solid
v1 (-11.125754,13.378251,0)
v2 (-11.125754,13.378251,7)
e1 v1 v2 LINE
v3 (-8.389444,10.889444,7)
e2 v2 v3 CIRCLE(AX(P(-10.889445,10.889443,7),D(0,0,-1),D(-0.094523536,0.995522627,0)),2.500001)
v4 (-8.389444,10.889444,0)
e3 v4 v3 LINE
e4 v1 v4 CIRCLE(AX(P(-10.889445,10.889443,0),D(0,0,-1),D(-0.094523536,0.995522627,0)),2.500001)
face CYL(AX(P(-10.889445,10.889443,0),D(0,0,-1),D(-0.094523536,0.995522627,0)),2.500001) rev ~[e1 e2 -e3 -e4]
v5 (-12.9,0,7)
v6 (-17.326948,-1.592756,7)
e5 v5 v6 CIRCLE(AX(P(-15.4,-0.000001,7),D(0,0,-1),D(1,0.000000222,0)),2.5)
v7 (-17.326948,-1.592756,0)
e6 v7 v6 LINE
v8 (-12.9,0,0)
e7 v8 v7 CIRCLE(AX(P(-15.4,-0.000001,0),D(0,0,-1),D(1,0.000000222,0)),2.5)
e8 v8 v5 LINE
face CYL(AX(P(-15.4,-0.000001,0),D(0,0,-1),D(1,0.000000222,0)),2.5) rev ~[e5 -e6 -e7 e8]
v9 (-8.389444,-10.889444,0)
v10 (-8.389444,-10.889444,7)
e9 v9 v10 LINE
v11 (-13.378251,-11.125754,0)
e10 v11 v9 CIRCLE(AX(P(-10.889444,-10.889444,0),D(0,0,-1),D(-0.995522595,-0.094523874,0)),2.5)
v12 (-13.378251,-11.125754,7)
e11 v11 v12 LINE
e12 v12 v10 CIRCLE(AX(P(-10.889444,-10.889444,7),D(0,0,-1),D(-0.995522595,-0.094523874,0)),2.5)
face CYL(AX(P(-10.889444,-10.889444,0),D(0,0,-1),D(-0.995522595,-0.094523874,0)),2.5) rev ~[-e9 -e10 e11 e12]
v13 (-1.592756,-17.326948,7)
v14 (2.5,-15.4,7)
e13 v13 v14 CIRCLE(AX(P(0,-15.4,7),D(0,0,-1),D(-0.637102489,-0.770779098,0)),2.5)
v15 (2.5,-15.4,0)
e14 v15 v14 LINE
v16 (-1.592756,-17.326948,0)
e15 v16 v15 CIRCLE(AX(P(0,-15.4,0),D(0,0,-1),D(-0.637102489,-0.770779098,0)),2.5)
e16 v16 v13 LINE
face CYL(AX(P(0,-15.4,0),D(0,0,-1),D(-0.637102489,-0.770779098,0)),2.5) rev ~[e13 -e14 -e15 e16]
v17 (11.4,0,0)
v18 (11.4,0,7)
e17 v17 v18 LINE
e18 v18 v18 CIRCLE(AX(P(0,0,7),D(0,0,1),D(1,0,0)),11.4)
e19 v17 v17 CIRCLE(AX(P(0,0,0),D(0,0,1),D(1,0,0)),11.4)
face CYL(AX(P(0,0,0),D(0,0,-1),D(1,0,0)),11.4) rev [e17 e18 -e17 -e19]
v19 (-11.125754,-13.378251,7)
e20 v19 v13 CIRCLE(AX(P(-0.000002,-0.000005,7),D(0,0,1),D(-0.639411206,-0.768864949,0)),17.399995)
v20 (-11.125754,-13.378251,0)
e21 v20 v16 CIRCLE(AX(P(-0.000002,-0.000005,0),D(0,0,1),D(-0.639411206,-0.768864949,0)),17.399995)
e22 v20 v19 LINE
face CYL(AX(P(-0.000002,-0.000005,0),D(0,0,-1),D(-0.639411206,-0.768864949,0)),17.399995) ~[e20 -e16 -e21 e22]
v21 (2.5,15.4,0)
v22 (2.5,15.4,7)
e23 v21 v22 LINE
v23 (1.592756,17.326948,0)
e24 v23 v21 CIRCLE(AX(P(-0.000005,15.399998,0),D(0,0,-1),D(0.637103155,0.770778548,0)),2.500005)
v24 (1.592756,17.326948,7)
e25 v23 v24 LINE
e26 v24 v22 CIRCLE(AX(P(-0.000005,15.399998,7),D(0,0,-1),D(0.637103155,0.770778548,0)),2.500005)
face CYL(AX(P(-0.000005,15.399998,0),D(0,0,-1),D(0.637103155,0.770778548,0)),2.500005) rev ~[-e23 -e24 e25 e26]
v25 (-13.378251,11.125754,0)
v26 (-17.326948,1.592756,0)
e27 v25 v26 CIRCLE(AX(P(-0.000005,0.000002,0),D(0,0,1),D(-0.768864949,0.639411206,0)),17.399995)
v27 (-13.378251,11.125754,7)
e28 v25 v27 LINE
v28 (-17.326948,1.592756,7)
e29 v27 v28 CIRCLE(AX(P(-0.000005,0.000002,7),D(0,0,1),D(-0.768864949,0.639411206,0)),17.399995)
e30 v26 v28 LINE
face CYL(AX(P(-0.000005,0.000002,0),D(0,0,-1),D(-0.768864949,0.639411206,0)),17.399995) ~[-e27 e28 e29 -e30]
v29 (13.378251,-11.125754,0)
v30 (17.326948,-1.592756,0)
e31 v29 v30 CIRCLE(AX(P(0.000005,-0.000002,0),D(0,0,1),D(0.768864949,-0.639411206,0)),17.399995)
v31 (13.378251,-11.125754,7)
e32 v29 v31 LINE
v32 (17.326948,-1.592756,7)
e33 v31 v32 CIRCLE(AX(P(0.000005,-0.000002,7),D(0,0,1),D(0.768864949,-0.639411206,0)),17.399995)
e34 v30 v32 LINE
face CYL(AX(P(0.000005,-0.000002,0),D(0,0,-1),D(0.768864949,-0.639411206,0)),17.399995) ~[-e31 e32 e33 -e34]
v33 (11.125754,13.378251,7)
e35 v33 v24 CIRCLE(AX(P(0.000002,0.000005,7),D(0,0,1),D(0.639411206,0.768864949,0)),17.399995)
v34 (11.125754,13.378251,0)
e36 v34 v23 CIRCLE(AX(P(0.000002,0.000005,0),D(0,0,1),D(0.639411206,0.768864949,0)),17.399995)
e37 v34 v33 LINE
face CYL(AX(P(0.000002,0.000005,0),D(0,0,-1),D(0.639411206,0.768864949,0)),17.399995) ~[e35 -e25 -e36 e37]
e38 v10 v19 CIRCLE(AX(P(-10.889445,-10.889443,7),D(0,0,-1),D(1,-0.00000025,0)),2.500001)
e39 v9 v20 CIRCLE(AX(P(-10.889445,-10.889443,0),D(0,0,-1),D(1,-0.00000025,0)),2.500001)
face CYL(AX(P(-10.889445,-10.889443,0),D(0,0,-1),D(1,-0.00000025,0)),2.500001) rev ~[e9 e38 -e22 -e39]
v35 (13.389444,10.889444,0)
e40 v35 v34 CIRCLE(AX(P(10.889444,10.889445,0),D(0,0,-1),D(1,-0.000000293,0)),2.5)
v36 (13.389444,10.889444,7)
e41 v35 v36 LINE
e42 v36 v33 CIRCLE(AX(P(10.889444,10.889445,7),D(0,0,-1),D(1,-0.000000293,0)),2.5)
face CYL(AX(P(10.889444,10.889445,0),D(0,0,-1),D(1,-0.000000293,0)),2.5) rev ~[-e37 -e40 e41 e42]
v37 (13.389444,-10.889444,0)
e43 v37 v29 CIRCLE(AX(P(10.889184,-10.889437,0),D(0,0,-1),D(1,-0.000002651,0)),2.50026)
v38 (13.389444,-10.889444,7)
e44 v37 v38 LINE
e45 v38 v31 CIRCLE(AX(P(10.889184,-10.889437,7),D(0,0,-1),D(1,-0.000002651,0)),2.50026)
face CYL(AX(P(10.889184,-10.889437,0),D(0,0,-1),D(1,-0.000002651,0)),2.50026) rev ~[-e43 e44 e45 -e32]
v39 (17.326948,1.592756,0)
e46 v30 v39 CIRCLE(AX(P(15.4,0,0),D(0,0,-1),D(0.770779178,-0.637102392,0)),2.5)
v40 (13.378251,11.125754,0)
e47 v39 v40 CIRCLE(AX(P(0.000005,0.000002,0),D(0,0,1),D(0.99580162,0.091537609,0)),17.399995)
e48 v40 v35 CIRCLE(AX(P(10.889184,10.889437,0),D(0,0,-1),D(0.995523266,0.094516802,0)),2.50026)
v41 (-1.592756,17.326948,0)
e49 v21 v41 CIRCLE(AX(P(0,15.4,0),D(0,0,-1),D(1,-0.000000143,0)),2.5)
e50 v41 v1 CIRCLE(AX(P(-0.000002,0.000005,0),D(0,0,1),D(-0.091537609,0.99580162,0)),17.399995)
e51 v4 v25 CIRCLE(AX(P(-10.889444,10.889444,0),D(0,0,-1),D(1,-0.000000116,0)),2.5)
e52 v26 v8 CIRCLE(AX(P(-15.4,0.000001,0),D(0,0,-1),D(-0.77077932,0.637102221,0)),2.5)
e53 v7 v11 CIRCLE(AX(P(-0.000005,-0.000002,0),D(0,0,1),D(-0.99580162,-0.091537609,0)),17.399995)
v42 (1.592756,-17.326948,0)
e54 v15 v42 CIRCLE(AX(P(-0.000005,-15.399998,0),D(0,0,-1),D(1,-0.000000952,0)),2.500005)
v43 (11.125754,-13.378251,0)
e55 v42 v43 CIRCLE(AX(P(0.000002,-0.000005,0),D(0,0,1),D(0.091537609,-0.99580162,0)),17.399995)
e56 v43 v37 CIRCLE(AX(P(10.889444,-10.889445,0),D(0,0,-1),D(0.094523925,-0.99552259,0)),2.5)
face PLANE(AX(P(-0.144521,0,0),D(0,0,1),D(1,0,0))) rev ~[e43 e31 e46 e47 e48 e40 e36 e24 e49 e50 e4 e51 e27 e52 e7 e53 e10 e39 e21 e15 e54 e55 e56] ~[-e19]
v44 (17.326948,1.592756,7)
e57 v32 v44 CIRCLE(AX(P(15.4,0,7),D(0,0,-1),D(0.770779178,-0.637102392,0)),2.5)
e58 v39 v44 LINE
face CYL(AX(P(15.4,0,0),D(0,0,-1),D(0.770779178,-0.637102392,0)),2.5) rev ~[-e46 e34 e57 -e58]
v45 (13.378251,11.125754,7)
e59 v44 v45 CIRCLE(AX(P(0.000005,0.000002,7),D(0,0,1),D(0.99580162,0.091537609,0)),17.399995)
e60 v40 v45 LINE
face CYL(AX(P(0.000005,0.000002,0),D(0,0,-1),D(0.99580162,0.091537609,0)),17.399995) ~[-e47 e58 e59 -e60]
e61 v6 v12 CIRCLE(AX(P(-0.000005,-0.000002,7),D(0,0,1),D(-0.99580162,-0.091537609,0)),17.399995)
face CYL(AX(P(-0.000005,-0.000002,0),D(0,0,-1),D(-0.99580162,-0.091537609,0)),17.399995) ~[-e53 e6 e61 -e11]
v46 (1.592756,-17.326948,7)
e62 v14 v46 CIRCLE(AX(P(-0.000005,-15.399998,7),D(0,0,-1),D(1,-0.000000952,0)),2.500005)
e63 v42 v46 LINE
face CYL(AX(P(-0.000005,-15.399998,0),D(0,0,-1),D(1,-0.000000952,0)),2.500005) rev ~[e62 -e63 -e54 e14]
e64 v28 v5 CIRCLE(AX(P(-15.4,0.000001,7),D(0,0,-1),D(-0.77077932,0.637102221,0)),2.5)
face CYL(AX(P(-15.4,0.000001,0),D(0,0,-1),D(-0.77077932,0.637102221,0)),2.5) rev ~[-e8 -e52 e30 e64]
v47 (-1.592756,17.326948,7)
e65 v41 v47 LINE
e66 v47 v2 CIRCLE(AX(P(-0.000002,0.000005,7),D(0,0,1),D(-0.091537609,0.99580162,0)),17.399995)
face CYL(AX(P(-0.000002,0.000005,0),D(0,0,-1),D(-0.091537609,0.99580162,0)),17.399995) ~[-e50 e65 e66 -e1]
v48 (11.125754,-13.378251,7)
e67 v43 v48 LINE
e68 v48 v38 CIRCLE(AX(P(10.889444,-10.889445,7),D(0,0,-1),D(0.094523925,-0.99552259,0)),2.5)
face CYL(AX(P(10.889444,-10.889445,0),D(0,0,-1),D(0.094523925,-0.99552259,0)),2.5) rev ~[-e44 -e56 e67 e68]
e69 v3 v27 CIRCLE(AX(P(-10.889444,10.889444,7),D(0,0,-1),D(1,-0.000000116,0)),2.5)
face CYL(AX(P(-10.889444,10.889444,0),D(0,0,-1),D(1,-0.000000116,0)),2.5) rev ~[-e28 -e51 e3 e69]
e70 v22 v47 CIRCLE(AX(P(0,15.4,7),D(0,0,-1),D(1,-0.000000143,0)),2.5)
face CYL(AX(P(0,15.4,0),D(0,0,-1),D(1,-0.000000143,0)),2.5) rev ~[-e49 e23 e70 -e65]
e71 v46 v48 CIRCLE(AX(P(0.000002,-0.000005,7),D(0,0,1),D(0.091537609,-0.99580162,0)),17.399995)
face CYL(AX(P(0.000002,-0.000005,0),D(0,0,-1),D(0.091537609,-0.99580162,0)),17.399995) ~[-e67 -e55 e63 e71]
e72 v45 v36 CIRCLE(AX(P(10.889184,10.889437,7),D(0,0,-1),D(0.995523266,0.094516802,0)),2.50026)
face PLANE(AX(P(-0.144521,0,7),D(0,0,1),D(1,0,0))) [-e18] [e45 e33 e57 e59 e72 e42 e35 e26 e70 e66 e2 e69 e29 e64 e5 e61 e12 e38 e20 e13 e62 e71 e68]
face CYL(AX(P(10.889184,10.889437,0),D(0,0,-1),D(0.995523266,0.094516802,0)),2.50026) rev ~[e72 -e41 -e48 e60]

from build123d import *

# Parameters (mm, degrees)
F0_R     = 11.4
F1_DEPTH = 7


with BuildPart() as f1:
    # F0 (on Top) → F1 (new body)
    with BuildSketch(Plane.XY):
        with BuildLine():
            ThreePointArc((17.326948, -1.592756), (12.9, 0), (17.326948, 1.592756))
            ThreePointArc((17.326948, 1.592756), (16.075504, 6.658692), (13.378251, 11.125754))
            ThreePointArc((13.378251, 11.125754), (13.386644, 11.007732), (13.389444, 10.889444))
            ThreePointArc((13.389444, 10.889444), (9.040016, 9.207299), (11.125754, 13.378251))
            ThreePointArc((11.125754, 13.378251), (6.658692, 16.075504), (1.592756, 17.326948))
            ThreePointArc((1.592756, 17.326948), (2.261845, 16.46492), (2.5, 15.4))
            ThreePointArc((2.5, 15.4), (-1.06492, 13.138155), (-1.592756, 17.326948))
            ThreePointArc((-1.592756, 17.326948), (-6.658692, 16.075504), (-11.125754, 13.378251))
            ThreePointArc((-11.125754, 13.378251), (-9.207299, 12.738873), (-8.389444, 10.889444))
            ThreePointArc((-8.389444, 10.889444), (-11.007732, 8.392244), (-13.378251, 11.125754))
            ThreePointArc((-13.378251, 11.125754), (-16.075504, 6.658692), (-17.326948, 1.592756))
            ThreePointArc((-17.326948, 1.592756), (-14.553646, 2.352379), (-12.9, 0))
            ThreePointArc((-12.9, 0), (-14.553646, -2.352379), (-17.326948, -1.592756))
            ThreePointArc((-17.326948, -1.592756), (-16.075504, -6.658692), (-13.378251, -11.125754))
            ThreePointArc((-13.378251, -11.125754), (-11.007732, -8.392244), (-8.389444, -10.889444))
            ThreePointArc((-8.389444, -10.889444), (-9.207299, -12.738873), (-11.125754, -13.378251))
            ThreePointArc((-11.125754, -13.378251), (-6.658692, -16.075504), (-1.592756, -17.326948))
            ThreePointArc((-1.592756, -17.326948), (-1.06492, -13.138155), (2.5, -15.4))
            ThreePointArc((2.5, -15.4), (2.261845, -16.46492), (1.592756, -17.326948))
            ThreePointArc((1.592756, -17.326948), (6.658692, -16.075504), (11.125754, -13.378251))
            ThreePointArc((11.125754, -13.378251), (9.040016, -9.207299), (13.389444, -10.889444))
            ThreePointArc((13.389444, -10.889444), (13.386644, -11.007732), (13.378251, -11.125754))
            ThreePointArc((13.378251, -11.125754), (16.075504, -6.658692), (17.326948, -1.592756))
        make_face()
        Circle(F0_R, mode=Mode.SUBTRACT)
    extrude(amount=F1_DEPTH)


solid = f1.part
